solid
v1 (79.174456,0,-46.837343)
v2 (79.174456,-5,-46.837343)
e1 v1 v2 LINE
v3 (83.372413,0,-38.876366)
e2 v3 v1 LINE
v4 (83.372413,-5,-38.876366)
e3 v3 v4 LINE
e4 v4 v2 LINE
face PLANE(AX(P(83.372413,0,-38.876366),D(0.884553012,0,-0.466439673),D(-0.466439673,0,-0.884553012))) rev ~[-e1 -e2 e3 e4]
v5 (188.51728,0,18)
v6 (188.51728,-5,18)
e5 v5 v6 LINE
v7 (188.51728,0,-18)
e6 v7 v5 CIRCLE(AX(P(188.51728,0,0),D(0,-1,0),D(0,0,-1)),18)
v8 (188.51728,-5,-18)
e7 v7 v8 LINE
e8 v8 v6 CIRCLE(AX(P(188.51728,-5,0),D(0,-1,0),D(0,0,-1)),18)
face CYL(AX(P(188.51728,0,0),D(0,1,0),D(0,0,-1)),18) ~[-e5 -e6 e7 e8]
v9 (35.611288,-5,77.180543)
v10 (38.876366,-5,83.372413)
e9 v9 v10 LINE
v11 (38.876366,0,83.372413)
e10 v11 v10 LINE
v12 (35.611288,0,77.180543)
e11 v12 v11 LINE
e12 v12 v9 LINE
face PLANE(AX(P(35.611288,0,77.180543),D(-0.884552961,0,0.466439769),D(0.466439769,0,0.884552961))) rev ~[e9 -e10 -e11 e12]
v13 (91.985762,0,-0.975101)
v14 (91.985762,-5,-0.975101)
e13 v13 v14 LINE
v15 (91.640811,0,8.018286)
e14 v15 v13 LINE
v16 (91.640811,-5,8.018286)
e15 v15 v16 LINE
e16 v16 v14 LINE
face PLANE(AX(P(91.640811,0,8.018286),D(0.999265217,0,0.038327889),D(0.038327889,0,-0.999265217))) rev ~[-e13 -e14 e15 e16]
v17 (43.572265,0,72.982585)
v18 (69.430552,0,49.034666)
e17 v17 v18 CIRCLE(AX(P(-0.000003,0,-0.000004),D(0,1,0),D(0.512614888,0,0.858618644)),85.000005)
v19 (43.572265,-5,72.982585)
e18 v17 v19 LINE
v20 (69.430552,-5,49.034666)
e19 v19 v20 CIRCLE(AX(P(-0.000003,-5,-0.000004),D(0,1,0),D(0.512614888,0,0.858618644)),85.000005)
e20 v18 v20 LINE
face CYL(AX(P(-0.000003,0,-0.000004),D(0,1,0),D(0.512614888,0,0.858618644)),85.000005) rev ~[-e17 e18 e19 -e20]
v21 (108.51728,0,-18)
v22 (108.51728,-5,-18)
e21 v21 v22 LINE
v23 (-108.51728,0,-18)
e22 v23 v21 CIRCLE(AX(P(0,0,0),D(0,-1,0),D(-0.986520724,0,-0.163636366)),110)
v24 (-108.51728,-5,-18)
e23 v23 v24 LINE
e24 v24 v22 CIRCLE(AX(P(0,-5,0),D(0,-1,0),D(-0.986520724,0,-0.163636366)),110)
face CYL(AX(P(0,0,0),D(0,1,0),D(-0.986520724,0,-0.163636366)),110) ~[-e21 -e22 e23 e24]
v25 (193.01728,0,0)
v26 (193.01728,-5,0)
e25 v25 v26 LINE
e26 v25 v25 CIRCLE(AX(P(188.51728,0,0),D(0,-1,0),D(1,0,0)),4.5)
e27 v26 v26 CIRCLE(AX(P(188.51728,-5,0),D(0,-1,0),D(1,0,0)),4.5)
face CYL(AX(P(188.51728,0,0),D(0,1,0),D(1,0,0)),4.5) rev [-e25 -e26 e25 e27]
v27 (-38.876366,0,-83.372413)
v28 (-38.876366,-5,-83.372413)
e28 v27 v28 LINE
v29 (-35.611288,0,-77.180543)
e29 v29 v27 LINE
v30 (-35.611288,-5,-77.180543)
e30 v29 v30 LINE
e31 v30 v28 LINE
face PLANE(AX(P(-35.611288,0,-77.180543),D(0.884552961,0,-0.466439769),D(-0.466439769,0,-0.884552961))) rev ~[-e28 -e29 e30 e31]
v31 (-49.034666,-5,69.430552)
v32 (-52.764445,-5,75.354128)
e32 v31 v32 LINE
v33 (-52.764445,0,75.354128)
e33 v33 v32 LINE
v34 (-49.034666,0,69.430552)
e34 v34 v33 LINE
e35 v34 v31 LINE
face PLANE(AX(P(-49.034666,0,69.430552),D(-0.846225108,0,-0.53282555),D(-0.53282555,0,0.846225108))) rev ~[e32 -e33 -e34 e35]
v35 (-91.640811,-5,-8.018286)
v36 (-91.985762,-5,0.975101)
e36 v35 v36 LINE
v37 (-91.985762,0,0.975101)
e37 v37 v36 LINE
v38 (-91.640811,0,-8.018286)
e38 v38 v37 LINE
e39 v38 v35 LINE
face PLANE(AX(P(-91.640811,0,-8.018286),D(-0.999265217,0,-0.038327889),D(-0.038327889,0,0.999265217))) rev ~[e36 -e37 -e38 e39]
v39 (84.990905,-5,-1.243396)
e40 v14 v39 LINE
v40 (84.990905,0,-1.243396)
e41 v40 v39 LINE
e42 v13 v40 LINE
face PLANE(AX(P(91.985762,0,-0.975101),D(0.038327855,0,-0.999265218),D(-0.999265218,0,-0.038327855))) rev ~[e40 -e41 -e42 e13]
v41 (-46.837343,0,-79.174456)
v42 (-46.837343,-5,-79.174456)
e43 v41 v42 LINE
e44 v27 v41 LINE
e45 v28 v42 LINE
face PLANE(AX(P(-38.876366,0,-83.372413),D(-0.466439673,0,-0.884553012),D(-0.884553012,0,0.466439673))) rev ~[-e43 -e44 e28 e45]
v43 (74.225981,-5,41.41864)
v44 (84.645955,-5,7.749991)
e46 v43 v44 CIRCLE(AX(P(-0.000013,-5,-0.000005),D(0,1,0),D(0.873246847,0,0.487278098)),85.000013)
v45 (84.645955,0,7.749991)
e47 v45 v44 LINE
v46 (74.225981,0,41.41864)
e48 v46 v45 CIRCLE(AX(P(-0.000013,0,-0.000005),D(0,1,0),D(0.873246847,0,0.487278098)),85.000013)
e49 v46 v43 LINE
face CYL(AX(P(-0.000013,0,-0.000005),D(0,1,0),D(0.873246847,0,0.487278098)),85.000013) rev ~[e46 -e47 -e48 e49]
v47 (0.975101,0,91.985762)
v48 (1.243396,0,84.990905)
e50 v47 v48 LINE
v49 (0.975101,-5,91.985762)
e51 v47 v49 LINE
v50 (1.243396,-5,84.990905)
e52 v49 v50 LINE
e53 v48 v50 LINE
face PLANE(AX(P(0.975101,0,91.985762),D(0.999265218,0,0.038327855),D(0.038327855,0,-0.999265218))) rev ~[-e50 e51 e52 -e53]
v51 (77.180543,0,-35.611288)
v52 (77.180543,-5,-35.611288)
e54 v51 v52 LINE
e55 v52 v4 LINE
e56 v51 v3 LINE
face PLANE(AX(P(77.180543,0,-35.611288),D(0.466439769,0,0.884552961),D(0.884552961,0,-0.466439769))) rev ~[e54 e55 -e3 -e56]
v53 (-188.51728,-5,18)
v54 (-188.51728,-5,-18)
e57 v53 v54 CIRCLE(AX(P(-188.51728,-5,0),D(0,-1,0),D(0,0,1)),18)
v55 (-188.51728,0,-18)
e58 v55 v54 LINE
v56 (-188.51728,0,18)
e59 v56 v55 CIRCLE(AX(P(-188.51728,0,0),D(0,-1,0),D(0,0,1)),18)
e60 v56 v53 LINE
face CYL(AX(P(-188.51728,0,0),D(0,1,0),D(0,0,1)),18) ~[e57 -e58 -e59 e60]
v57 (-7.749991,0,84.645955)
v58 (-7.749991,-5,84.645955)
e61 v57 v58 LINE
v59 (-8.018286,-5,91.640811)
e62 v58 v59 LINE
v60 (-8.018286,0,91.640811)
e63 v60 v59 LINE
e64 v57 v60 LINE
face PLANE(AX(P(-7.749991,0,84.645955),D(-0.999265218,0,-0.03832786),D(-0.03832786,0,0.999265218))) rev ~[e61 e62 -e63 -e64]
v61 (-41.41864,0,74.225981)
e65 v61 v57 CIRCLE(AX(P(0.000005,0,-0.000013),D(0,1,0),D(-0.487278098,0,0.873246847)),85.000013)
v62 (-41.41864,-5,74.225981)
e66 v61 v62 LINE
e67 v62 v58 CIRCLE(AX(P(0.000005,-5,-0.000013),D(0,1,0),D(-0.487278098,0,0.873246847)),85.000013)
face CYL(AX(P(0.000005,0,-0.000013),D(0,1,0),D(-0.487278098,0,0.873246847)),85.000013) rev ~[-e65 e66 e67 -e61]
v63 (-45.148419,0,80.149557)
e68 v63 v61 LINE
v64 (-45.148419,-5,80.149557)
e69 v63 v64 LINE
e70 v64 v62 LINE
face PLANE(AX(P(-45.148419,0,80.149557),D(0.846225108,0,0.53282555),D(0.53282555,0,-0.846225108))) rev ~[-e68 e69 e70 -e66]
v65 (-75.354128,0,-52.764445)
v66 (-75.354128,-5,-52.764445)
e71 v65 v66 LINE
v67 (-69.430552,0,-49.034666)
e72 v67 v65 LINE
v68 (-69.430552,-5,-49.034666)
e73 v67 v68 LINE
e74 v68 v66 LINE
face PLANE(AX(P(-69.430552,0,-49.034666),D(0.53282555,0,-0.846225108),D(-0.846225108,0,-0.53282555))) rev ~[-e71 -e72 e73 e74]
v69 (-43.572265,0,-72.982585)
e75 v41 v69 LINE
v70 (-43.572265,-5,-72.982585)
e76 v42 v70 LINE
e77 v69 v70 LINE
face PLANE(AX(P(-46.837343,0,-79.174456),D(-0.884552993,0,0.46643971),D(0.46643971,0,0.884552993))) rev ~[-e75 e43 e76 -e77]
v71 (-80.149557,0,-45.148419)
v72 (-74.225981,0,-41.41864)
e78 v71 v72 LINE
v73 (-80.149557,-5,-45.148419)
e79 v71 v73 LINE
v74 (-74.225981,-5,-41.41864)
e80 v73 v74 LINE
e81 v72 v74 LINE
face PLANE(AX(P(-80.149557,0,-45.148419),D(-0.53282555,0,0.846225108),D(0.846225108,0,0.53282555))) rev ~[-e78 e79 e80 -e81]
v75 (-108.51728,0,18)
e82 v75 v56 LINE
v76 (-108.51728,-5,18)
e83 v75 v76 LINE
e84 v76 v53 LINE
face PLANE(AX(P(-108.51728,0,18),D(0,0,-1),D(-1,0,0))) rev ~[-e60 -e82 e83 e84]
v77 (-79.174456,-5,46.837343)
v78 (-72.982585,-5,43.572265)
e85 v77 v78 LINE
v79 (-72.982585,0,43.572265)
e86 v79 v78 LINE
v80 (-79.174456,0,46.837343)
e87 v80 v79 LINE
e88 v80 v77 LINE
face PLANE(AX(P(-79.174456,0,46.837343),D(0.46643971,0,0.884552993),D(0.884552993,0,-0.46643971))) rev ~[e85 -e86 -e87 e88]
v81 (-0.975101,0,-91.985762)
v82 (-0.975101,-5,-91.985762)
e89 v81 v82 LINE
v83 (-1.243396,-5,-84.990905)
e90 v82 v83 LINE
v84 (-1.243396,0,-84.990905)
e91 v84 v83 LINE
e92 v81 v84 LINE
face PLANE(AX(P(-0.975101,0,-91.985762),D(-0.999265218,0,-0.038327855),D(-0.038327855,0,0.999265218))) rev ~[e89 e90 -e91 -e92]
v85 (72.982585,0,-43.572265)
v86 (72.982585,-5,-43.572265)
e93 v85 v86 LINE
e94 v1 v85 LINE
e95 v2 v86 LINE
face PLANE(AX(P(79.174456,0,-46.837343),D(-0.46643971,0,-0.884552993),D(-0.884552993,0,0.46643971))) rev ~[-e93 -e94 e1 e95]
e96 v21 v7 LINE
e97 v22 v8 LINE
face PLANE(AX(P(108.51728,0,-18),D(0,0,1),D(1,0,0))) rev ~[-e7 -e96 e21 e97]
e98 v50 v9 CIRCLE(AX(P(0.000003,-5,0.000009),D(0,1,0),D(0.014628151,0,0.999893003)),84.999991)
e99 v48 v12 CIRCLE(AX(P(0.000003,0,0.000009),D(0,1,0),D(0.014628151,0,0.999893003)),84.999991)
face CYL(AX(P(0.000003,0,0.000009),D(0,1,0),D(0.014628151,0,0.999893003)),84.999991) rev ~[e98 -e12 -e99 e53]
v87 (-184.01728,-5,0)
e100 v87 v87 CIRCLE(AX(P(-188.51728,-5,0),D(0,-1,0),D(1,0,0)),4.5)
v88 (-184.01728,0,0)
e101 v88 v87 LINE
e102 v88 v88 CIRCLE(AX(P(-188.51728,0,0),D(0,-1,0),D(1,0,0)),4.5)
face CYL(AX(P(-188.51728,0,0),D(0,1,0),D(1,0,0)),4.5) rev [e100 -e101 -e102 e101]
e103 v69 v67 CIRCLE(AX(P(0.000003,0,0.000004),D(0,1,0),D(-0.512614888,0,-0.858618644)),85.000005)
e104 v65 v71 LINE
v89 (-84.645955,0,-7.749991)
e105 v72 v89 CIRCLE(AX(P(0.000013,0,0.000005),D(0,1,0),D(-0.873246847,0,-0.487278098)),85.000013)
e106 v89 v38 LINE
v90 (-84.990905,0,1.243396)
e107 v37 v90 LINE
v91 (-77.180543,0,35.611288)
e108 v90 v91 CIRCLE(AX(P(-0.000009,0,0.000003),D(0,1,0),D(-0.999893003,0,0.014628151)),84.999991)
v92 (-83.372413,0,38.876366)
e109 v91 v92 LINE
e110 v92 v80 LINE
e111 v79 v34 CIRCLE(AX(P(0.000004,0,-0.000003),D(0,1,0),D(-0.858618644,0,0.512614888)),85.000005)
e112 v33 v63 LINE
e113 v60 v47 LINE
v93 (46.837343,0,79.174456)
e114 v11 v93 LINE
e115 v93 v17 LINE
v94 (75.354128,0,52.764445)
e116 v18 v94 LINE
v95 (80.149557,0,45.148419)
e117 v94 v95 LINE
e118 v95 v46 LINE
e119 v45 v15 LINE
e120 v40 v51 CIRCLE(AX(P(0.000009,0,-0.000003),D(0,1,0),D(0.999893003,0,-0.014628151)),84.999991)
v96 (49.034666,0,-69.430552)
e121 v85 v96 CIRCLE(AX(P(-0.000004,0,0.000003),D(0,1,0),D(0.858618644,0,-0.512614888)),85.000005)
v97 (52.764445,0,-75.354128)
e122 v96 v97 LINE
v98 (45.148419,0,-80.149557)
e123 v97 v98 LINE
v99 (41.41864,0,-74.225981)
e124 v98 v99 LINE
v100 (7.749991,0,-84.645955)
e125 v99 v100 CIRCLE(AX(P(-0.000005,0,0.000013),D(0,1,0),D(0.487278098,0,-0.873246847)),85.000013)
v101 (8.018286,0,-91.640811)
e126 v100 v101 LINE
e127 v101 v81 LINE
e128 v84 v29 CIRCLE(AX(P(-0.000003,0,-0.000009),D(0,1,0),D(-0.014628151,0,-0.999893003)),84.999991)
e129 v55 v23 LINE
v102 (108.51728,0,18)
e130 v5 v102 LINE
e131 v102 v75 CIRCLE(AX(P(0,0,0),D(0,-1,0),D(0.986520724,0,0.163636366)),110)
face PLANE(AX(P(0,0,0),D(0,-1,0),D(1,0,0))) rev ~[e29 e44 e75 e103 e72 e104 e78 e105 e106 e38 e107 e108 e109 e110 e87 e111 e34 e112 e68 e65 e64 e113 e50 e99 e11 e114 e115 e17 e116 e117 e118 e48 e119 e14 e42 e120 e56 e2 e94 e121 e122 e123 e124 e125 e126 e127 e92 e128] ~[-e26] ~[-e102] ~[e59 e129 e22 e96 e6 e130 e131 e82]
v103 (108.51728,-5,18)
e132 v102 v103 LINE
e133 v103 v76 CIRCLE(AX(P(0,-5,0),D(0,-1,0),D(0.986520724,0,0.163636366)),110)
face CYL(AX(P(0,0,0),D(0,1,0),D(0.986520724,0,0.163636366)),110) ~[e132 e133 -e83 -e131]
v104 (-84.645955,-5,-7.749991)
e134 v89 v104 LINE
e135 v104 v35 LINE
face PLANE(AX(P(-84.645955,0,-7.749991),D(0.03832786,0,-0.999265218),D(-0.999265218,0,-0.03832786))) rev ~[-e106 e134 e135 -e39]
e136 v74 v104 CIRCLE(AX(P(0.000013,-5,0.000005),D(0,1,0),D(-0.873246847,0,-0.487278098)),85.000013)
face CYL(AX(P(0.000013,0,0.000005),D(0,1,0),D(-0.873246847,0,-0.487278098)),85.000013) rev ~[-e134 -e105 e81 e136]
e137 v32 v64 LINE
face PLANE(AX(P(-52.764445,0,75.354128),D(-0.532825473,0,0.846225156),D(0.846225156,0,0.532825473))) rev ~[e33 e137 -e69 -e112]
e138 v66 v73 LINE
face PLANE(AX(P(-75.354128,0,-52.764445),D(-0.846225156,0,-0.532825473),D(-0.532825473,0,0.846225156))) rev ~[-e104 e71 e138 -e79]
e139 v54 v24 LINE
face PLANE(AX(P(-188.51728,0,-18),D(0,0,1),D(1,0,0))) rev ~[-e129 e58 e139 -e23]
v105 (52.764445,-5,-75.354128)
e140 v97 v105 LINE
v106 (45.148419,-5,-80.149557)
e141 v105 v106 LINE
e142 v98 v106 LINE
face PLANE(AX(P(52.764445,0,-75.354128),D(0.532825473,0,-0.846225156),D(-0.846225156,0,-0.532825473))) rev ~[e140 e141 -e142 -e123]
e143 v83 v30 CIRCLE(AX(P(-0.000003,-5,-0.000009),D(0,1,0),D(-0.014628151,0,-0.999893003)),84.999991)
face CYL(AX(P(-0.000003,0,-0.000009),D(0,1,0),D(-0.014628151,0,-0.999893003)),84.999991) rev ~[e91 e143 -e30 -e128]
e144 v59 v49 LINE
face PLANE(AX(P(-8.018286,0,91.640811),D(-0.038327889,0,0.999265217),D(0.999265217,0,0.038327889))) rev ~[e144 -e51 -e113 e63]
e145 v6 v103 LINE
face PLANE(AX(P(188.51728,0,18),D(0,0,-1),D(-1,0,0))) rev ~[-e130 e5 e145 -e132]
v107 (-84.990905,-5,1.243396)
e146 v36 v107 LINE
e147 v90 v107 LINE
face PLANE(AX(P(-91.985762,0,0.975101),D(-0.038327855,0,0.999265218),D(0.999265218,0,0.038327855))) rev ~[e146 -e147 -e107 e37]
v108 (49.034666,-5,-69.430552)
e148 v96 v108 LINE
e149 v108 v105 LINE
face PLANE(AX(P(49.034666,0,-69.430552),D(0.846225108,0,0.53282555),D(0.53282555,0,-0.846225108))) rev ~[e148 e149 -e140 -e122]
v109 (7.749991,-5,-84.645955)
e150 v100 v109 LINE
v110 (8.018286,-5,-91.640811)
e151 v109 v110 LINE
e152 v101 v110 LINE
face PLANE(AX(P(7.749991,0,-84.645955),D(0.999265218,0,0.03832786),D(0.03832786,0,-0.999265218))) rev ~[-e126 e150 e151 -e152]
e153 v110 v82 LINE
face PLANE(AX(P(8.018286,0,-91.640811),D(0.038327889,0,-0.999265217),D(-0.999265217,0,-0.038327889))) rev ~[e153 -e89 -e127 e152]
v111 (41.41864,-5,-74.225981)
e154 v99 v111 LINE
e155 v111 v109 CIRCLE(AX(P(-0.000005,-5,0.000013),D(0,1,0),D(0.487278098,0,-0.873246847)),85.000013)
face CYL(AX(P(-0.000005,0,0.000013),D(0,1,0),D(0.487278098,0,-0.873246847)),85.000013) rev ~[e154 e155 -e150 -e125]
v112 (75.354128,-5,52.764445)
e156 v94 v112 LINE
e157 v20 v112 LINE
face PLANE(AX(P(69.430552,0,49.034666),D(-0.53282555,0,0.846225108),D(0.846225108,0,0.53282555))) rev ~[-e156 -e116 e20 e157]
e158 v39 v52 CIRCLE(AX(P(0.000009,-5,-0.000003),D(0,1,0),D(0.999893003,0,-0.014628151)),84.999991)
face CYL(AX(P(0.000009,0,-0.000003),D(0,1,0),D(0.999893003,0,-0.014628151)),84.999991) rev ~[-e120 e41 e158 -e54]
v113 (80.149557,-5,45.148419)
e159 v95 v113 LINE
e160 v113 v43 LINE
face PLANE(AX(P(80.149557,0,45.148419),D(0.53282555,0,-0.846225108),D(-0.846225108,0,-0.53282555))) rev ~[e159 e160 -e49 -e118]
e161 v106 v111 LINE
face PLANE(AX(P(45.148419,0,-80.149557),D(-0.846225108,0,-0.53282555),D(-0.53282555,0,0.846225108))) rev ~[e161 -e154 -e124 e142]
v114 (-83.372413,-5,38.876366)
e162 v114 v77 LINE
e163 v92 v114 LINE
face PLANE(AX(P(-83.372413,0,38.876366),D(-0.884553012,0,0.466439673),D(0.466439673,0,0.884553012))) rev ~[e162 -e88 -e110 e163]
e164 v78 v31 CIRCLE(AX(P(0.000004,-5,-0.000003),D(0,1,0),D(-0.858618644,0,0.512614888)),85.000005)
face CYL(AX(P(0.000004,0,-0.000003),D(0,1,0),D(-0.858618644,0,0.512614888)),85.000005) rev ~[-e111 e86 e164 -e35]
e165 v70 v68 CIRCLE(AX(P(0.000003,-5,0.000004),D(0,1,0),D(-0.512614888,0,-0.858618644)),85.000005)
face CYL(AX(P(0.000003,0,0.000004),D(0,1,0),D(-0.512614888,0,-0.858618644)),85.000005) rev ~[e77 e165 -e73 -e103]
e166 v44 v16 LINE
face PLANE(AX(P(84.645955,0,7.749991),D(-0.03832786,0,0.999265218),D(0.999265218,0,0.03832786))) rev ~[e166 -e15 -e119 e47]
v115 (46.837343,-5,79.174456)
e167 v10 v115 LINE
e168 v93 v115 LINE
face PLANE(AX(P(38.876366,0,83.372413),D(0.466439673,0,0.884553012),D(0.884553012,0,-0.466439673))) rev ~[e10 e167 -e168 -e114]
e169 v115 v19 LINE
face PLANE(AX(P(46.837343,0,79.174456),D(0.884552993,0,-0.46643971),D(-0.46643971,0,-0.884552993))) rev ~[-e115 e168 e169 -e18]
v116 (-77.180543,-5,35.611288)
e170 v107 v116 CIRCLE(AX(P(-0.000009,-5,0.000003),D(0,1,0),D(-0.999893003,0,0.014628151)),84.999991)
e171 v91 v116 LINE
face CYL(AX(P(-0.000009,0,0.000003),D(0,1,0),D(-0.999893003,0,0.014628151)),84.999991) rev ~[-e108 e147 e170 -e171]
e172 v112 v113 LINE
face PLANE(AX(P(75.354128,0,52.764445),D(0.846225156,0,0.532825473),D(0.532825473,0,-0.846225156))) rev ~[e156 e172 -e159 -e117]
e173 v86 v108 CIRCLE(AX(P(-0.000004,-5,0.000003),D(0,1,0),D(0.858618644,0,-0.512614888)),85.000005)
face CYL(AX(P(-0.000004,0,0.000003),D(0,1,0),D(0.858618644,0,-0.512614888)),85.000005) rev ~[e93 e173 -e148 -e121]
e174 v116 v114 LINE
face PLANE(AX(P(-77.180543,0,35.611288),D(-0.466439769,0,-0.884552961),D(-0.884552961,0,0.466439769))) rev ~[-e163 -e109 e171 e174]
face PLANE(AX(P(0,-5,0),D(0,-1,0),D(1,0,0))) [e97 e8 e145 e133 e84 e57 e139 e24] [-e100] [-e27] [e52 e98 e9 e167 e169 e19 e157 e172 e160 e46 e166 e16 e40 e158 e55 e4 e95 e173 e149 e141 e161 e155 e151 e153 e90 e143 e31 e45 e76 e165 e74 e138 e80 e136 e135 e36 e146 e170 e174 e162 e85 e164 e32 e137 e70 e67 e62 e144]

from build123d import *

# Parameters (mm, degrees)
F0_R     = 4.5
F1_DEPTH = 5


with BuildPart() as f1:
    # F0 (on Front) → F1 (new body)
    with BuildSketch(Plane.XZ):
        with BuildLine():
            Line((188.51728, 18), (108.51728, 18))
            ThreePointArc((108.51728, 18), (0, 110), (-108.51728, 18))
            Line((-108.51728, 18), (-188.51728, 18))
            ThreePointArc((-188.51728, 18), (-206.51728, 0), (-188.51728, -18))
            Line((-188.51728, -18), (-108.51728, -18))
            ThreePointArc((-108.51728, -18), (0, -110), (108.51728, -18))
            Line((108.51728, -18), (188.51728, -18))
            ThreePointArc((188.51728, -18), (206.51728, 0), (188.51728, 18))
        make_face()
        with Locations((-188.51728, 0)):
            Circle(F0_R, mode=Mode.SUBTRACT)
        with BuildLine():
            ThreePointArc((-84.990905, 1.243396), (-82.886565, 18.836597), (-77.180543, 35.611288))
            Line((-77.180543, 35.611288), (-83.372413, 38.876366))
            Line((-83.372413, 38.876366), (-79.174456, 46.837343))
            Line((-79.174456, 46.837343), (-72.982585, 43.572265))
            ThreePointArc((-72.982585, 43.572265), (-62.363572, 57.756254), (-49.034666, 69.430552))
            Line((-49.034666, 69.430552), (-52.764445, 75.354128))
            Line((-52.764445, 75.354128), (-45.148419, 80.149557))
            Line((-45.148419, 80.149557), (-41.41864, 74.225981))
            ThreePointArc((-41.41864, 74.225981), (-25.130311, 81.200169), (-7.749991, 84.645955))
            Line((-7.749991, 84.645955), (-8.018286, 91.640811))
            Line((-8.018286, 91.640811), (0.975101, 91.985762))
            Line((0.975101, 91.985762), (1.243396, 84.990905))
            ThreePointArc((1.243396, 84.990905), (18.836597, 82.886565), (35.611288, 77.180543))
            Line((35.611288, 77.180543), (38.876366, 83.372413))
            Line((38.876366, 83.372413), (46.837343, 79.174456))
            Line((46.837343, 79.174456), (43.572265, 72.982585))
            ThreePointArc((43.572265, 72.982585), (57.756254, 62.363572), (69.430552, 49.034666))
            Line((69.430552, 49.034666), (75.354128, 52.764445))
            Line((75.354128, 52.764445), (80.149557, 45.148419))
            Line((80.149557, 45.148419), (74.225981, 41.41864))
            ThreePointArc((74.225981, 41.41864), (81.200169, 25.130311), (84.645955, 7.749991))
            Line((84.645955, 7.749991), (91.640811, 8.018286))
            Line((91.640811, 8.018286), (91.985762, -0.975101))
            Line((91.985762, -0.975101), (84.990905, -1.243396))
            ThreePointArc((84.990905, -1.243396), (82.886565, -18.836597), (77.180543, -35.611288))
            Line((77.180543, -35.611288), (83.372413, -38.876366))
            Line((83.372413, -38.876366), (79.174456, -46.837343))
            Line((79.174456, -46.837343), (72.982585, -43.572265))
            ThreePointArc((72.982585, -43.572265), (62.363572, -57.756254), (49.034666, -69.430552))
            Line((49.034666, -69.430552), (52.764445, -75.354128))
            Line((52.764445, -75.354128), (45.148419, -80.149557))
            Line((45.148419, -80.149557), (41.41864, -74.225981))
            ThreePointArc((41.41864, -74.225981), (25.130311, -81.200169), (7.749991, -84.645955))
            Line((7.749991, -84.645955), (8.018286, -91.640811))
            Line((8.018286, -91.640811), (-0.975101, -91.985762))
            Line((-0.975101, -91.985762), (-1.243396, -84.990905))
            ThreePointArc((-1.243396, -84.990905), (-18.836597, -82.886565), (-35.611288, -77.180543))
            Line((-35.611288, -77.180543), (-38.876366, -83.372413))
            Line((-38.876366, -83.372413), (-46.837343, -79.174456))
            Line((-46.837343, -79.174456), (-43.572265, -72.982585))
            ThreePointArc((-43.572265, -72.982585), (-57.756254, -62.363572), (-69.430552, -49.034666))
            Line((-69.430552, -49.034666), (-75.354128, -52.764445))
            Line((-75.354128, -52.764445), (-80.149557, -45.148419))
            Line((-80.149557, -45.148419), (-74.225981, -41.41864))
            ThreePointArc((-74.225981, -41.41864), (-81.200169, -25.130311), (-84.645955, -7.749991))
            Line((-84.645955, -7.749991), (-91.640811, -8.018286))
            Line((-91.640811, -8.018286), (-91.985762, 0.975101))
            Line((-91.985762, 0.975101), (-84.990905, 1.243396))
        make_face(mode=Mode.SUBTRACT)
        with Locations((188.51728, 0)):
            Circle(F0_R, mode=Mode.SUBTRACT)
    extrude(amount=F1_DEPTH)


solid = f1.part
